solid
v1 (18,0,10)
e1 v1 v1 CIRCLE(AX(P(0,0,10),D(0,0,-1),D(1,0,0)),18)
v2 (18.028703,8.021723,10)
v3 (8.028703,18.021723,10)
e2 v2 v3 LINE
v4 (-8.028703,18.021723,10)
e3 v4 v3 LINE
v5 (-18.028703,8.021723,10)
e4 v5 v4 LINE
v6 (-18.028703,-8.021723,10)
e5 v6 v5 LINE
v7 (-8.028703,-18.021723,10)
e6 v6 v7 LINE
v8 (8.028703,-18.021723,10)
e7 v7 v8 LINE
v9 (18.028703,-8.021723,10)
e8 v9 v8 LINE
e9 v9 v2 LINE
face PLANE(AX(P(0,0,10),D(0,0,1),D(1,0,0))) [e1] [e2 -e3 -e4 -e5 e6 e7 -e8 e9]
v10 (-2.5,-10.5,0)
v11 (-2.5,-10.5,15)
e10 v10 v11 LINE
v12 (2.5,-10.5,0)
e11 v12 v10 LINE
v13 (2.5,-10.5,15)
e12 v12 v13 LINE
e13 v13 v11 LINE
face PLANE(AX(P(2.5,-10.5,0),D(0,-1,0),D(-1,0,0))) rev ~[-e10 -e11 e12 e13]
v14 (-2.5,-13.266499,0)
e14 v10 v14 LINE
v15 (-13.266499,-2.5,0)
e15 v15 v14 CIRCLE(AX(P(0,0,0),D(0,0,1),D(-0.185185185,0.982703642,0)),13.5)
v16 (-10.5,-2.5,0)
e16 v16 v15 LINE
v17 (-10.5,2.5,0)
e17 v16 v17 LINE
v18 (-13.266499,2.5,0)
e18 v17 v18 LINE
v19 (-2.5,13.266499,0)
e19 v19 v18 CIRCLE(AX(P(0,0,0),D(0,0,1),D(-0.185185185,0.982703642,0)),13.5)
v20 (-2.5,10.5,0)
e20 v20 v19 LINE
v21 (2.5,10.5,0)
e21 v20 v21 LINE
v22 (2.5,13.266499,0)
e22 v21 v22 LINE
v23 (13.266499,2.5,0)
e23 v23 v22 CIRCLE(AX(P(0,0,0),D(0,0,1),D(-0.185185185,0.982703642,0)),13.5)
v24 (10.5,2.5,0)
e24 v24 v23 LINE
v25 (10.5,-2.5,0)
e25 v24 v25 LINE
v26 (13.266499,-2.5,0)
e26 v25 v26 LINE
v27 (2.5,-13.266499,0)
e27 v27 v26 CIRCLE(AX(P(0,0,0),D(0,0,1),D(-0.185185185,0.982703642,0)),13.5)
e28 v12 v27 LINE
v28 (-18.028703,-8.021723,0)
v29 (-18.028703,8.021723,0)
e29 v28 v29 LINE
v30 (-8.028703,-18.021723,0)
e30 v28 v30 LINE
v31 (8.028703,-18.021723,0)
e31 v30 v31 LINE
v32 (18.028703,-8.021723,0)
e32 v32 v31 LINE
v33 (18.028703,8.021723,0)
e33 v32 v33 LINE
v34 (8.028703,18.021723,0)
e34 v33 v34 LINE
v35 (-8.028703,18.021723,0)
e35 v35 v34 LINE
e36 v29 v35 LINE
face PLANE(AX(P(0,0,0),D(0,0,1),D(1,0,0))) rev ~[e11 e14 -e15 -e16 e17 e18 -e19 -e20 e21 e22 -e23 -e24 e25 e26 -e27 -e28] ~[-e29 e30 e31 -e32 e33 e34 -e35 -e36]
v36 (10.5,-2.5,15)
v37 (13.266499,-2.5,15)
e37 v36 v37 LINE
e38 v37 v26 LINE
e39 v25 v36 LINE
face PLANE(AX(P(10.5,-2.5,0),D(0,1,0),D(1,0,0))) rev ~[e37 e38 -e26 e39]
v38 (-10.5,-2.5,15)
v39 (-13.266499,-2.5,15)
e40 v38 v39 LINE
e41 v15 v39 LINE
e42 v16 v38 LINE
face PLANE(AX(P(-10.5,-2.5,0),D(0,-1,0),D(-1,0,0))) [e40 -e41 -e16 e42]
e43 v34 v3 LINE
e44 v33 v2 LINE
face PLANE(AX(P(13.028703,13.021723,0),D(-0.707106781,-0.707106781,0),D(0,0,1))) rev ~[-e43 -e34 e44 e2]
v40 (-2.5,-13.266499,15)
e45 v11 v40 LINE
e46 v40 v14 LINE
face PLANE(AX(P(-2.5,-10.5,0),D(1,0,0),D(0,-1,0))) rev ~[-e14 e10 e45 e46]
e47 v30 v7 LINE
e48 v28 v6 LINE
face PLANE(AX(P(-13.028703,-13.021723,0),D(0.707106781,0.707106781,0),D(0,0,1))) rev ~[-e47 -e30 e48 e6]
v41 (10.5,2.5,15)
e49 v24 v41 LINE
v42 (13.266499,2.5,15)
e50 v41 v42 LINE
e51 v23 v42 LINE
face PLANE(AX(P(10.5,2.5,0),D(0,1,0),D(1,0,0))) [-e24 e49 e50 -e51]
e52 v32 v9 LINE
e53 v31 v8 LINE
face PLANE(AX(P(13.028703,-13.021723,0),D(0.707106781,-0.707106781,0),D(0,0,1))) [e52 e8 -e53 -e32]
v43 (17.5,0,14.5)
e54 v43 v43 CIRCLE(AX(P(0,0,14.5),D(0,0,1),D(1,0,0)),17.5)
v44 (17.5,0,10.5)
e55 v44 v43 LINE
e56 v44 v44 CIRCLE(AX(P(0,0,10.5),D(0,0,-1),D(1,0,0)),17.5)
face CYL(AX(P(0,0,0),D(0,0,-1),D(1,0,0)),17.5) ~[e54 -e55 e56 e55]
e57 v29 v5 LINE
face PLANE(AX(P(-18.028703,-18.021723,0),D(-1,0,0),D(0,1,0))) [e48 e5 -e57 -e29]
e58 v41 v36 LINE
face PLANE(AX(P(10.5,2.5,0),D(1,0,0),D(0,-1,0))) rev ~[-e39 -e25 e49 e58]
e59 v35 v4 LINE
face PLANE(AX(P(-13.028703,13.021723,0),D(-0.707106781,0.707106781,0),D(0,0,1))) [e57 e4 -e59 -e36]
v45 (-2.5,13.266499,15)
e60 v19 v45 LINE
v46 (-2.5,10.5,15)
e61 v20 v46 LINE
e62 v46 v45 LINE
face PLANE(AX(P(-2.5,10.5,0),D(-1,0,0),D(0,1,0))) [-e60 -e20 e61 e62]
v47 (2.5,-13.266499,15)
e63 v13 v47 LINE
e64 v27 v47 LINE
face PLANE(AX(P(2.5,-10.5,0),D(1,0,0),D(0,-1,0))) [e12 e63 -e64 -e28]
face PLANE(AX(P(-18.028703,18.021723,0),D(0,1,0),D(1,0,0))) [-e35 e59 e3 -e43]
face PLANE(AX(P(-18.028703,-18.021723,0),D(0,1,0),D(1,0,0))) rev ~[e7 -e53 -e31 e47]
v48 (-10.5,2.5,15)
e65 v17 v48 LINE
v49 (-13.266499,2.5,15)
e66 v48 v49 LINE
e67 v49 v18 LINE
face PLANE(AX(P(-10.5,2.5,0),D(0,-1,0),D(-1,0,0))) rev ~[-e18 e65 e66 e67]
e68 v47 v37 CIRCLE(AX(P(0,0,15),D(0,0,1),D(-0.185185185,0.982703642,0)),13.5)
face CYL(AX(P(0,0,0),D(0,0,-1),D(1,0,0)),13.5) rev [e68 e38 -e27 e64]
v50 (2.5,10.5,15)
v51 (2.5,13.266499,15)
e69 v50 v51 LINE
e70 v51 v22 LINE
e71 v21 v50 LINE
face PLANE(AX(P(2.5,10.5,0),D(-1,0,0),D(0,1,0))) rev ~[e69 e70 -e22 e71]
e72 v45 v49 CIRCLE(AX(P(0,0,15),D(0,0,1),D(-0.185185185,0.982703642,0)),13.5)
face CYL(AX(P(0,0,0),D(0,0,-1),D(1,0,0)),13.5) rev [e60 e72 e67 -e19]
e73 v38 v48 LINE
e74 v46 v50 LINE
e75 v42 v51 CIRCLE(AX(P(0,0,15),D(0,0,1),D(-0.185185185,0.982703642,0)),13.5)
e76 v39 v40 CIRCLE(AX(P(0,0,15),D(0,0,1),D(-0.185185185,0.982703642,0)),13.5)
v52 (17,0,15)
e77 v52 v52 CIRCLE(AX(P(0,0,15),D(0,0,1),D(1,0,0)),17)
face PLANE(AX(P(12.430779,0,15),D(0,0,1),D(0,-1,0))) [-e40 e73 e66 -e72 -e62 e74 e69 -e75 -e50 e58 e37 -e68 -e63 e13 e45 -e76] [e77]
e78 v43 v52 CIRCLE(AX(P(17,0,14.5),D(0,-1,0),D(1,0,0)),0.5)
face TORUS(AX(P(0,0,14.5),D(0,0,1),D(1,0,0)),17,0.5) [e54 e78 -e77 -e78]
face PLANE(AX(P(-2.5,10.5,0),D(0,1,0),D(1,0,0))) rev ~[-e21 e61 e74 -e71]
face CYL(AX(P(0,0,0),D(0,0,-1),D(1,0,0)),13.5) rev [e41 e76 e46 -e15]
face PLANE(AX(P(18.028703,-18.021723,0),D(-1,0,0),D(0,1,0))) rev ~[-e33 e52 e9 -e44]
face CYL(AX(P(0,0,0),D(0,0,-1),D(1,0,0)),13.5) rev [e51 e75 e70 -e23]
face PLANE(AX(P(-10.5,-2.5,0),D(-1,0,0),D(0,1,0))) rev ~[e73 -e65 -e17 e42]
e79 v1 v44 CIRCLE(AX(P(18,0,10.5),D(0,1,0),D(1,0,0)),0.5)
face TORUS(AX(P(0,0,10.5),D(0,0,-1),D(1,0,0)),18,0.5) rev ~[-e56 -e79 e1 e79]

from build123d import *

# Parameters (mm, degrees)
F1_R     = 17.5
F1_R_2   = 13.5
F2_DEPTH = 15
F4_W     = 5
F4_H     = 3.8615576923
F5_DEPTH = 15
F6_COUNT = 4
F7_W     = 36.0574051738
F7_H     = 36.043446511
F7_R     = 13.5
F8_DEPTH = 10
F9_SIZE  = 10
F10_R    = 0.5
F11_R    = 0.5


with BuildPart() as f2:
    # F1 (on face) → F2 (new body)
    with BuildSketch(Plane.XY):
        Circle(F1_R)
        Circle(F1_R_2, mode=Mode.SUBTRACT)
    extrude(amount=F2_DEPTH)

    # F4 (on Top) → F5 (join)
    with BuildSketch(Plane.XY):
        with Locations((0, 12.4307788461)):
            Rectangle(F4_W, F4_H)
    extrude(amount=F5_DEPTH)

    # F6: F2 ×4 about axis
    f6_axis = Axis((0, 0, 0), (0, 0, 1))


with BuildPart() as f2_1:
    add(f2.part)
    for i in range(1, F6_COUNT):
        add(f2.part.rotate(f6_axis, i * 360 / F6_COUNT))

    # F7 (on face) → F8 (join)
    with BuildSketch(Plane.XY):
        Rectangle(F7_W, F7_H)
        Circle(F7_R, mode=Mode.SUBTRACT)
    extrude(amount=F8_DEPTH)

    # F9
    f9_edges = [f2_1.edges().sort_by_distance(p)[0] for p in [
        (18.028703, 18.021723, 5),
        (-18.028703, 18.021723, 5),
        (-18.028703, -18.021723, 5),
        (18.028703, -18.021723, 5),
    ]]
    chamfer(f9_edges, length=F9_SIZE)

    # F10
    f10_edges = [f2_1.edges().sort_by_distance(p)[0] for p in [
        (-17.5, 0, 10),
    ]]
    fillet(f10_edges, radius=F10_R)

    # F11
    f11_edges = [f2_1.edges().sort_by_distance(p)[0] for p in [
        (-17.5, 0, 15),
    ]]
    fillet(f11_edges, radius=F11_R)


solid = f2_1.part
